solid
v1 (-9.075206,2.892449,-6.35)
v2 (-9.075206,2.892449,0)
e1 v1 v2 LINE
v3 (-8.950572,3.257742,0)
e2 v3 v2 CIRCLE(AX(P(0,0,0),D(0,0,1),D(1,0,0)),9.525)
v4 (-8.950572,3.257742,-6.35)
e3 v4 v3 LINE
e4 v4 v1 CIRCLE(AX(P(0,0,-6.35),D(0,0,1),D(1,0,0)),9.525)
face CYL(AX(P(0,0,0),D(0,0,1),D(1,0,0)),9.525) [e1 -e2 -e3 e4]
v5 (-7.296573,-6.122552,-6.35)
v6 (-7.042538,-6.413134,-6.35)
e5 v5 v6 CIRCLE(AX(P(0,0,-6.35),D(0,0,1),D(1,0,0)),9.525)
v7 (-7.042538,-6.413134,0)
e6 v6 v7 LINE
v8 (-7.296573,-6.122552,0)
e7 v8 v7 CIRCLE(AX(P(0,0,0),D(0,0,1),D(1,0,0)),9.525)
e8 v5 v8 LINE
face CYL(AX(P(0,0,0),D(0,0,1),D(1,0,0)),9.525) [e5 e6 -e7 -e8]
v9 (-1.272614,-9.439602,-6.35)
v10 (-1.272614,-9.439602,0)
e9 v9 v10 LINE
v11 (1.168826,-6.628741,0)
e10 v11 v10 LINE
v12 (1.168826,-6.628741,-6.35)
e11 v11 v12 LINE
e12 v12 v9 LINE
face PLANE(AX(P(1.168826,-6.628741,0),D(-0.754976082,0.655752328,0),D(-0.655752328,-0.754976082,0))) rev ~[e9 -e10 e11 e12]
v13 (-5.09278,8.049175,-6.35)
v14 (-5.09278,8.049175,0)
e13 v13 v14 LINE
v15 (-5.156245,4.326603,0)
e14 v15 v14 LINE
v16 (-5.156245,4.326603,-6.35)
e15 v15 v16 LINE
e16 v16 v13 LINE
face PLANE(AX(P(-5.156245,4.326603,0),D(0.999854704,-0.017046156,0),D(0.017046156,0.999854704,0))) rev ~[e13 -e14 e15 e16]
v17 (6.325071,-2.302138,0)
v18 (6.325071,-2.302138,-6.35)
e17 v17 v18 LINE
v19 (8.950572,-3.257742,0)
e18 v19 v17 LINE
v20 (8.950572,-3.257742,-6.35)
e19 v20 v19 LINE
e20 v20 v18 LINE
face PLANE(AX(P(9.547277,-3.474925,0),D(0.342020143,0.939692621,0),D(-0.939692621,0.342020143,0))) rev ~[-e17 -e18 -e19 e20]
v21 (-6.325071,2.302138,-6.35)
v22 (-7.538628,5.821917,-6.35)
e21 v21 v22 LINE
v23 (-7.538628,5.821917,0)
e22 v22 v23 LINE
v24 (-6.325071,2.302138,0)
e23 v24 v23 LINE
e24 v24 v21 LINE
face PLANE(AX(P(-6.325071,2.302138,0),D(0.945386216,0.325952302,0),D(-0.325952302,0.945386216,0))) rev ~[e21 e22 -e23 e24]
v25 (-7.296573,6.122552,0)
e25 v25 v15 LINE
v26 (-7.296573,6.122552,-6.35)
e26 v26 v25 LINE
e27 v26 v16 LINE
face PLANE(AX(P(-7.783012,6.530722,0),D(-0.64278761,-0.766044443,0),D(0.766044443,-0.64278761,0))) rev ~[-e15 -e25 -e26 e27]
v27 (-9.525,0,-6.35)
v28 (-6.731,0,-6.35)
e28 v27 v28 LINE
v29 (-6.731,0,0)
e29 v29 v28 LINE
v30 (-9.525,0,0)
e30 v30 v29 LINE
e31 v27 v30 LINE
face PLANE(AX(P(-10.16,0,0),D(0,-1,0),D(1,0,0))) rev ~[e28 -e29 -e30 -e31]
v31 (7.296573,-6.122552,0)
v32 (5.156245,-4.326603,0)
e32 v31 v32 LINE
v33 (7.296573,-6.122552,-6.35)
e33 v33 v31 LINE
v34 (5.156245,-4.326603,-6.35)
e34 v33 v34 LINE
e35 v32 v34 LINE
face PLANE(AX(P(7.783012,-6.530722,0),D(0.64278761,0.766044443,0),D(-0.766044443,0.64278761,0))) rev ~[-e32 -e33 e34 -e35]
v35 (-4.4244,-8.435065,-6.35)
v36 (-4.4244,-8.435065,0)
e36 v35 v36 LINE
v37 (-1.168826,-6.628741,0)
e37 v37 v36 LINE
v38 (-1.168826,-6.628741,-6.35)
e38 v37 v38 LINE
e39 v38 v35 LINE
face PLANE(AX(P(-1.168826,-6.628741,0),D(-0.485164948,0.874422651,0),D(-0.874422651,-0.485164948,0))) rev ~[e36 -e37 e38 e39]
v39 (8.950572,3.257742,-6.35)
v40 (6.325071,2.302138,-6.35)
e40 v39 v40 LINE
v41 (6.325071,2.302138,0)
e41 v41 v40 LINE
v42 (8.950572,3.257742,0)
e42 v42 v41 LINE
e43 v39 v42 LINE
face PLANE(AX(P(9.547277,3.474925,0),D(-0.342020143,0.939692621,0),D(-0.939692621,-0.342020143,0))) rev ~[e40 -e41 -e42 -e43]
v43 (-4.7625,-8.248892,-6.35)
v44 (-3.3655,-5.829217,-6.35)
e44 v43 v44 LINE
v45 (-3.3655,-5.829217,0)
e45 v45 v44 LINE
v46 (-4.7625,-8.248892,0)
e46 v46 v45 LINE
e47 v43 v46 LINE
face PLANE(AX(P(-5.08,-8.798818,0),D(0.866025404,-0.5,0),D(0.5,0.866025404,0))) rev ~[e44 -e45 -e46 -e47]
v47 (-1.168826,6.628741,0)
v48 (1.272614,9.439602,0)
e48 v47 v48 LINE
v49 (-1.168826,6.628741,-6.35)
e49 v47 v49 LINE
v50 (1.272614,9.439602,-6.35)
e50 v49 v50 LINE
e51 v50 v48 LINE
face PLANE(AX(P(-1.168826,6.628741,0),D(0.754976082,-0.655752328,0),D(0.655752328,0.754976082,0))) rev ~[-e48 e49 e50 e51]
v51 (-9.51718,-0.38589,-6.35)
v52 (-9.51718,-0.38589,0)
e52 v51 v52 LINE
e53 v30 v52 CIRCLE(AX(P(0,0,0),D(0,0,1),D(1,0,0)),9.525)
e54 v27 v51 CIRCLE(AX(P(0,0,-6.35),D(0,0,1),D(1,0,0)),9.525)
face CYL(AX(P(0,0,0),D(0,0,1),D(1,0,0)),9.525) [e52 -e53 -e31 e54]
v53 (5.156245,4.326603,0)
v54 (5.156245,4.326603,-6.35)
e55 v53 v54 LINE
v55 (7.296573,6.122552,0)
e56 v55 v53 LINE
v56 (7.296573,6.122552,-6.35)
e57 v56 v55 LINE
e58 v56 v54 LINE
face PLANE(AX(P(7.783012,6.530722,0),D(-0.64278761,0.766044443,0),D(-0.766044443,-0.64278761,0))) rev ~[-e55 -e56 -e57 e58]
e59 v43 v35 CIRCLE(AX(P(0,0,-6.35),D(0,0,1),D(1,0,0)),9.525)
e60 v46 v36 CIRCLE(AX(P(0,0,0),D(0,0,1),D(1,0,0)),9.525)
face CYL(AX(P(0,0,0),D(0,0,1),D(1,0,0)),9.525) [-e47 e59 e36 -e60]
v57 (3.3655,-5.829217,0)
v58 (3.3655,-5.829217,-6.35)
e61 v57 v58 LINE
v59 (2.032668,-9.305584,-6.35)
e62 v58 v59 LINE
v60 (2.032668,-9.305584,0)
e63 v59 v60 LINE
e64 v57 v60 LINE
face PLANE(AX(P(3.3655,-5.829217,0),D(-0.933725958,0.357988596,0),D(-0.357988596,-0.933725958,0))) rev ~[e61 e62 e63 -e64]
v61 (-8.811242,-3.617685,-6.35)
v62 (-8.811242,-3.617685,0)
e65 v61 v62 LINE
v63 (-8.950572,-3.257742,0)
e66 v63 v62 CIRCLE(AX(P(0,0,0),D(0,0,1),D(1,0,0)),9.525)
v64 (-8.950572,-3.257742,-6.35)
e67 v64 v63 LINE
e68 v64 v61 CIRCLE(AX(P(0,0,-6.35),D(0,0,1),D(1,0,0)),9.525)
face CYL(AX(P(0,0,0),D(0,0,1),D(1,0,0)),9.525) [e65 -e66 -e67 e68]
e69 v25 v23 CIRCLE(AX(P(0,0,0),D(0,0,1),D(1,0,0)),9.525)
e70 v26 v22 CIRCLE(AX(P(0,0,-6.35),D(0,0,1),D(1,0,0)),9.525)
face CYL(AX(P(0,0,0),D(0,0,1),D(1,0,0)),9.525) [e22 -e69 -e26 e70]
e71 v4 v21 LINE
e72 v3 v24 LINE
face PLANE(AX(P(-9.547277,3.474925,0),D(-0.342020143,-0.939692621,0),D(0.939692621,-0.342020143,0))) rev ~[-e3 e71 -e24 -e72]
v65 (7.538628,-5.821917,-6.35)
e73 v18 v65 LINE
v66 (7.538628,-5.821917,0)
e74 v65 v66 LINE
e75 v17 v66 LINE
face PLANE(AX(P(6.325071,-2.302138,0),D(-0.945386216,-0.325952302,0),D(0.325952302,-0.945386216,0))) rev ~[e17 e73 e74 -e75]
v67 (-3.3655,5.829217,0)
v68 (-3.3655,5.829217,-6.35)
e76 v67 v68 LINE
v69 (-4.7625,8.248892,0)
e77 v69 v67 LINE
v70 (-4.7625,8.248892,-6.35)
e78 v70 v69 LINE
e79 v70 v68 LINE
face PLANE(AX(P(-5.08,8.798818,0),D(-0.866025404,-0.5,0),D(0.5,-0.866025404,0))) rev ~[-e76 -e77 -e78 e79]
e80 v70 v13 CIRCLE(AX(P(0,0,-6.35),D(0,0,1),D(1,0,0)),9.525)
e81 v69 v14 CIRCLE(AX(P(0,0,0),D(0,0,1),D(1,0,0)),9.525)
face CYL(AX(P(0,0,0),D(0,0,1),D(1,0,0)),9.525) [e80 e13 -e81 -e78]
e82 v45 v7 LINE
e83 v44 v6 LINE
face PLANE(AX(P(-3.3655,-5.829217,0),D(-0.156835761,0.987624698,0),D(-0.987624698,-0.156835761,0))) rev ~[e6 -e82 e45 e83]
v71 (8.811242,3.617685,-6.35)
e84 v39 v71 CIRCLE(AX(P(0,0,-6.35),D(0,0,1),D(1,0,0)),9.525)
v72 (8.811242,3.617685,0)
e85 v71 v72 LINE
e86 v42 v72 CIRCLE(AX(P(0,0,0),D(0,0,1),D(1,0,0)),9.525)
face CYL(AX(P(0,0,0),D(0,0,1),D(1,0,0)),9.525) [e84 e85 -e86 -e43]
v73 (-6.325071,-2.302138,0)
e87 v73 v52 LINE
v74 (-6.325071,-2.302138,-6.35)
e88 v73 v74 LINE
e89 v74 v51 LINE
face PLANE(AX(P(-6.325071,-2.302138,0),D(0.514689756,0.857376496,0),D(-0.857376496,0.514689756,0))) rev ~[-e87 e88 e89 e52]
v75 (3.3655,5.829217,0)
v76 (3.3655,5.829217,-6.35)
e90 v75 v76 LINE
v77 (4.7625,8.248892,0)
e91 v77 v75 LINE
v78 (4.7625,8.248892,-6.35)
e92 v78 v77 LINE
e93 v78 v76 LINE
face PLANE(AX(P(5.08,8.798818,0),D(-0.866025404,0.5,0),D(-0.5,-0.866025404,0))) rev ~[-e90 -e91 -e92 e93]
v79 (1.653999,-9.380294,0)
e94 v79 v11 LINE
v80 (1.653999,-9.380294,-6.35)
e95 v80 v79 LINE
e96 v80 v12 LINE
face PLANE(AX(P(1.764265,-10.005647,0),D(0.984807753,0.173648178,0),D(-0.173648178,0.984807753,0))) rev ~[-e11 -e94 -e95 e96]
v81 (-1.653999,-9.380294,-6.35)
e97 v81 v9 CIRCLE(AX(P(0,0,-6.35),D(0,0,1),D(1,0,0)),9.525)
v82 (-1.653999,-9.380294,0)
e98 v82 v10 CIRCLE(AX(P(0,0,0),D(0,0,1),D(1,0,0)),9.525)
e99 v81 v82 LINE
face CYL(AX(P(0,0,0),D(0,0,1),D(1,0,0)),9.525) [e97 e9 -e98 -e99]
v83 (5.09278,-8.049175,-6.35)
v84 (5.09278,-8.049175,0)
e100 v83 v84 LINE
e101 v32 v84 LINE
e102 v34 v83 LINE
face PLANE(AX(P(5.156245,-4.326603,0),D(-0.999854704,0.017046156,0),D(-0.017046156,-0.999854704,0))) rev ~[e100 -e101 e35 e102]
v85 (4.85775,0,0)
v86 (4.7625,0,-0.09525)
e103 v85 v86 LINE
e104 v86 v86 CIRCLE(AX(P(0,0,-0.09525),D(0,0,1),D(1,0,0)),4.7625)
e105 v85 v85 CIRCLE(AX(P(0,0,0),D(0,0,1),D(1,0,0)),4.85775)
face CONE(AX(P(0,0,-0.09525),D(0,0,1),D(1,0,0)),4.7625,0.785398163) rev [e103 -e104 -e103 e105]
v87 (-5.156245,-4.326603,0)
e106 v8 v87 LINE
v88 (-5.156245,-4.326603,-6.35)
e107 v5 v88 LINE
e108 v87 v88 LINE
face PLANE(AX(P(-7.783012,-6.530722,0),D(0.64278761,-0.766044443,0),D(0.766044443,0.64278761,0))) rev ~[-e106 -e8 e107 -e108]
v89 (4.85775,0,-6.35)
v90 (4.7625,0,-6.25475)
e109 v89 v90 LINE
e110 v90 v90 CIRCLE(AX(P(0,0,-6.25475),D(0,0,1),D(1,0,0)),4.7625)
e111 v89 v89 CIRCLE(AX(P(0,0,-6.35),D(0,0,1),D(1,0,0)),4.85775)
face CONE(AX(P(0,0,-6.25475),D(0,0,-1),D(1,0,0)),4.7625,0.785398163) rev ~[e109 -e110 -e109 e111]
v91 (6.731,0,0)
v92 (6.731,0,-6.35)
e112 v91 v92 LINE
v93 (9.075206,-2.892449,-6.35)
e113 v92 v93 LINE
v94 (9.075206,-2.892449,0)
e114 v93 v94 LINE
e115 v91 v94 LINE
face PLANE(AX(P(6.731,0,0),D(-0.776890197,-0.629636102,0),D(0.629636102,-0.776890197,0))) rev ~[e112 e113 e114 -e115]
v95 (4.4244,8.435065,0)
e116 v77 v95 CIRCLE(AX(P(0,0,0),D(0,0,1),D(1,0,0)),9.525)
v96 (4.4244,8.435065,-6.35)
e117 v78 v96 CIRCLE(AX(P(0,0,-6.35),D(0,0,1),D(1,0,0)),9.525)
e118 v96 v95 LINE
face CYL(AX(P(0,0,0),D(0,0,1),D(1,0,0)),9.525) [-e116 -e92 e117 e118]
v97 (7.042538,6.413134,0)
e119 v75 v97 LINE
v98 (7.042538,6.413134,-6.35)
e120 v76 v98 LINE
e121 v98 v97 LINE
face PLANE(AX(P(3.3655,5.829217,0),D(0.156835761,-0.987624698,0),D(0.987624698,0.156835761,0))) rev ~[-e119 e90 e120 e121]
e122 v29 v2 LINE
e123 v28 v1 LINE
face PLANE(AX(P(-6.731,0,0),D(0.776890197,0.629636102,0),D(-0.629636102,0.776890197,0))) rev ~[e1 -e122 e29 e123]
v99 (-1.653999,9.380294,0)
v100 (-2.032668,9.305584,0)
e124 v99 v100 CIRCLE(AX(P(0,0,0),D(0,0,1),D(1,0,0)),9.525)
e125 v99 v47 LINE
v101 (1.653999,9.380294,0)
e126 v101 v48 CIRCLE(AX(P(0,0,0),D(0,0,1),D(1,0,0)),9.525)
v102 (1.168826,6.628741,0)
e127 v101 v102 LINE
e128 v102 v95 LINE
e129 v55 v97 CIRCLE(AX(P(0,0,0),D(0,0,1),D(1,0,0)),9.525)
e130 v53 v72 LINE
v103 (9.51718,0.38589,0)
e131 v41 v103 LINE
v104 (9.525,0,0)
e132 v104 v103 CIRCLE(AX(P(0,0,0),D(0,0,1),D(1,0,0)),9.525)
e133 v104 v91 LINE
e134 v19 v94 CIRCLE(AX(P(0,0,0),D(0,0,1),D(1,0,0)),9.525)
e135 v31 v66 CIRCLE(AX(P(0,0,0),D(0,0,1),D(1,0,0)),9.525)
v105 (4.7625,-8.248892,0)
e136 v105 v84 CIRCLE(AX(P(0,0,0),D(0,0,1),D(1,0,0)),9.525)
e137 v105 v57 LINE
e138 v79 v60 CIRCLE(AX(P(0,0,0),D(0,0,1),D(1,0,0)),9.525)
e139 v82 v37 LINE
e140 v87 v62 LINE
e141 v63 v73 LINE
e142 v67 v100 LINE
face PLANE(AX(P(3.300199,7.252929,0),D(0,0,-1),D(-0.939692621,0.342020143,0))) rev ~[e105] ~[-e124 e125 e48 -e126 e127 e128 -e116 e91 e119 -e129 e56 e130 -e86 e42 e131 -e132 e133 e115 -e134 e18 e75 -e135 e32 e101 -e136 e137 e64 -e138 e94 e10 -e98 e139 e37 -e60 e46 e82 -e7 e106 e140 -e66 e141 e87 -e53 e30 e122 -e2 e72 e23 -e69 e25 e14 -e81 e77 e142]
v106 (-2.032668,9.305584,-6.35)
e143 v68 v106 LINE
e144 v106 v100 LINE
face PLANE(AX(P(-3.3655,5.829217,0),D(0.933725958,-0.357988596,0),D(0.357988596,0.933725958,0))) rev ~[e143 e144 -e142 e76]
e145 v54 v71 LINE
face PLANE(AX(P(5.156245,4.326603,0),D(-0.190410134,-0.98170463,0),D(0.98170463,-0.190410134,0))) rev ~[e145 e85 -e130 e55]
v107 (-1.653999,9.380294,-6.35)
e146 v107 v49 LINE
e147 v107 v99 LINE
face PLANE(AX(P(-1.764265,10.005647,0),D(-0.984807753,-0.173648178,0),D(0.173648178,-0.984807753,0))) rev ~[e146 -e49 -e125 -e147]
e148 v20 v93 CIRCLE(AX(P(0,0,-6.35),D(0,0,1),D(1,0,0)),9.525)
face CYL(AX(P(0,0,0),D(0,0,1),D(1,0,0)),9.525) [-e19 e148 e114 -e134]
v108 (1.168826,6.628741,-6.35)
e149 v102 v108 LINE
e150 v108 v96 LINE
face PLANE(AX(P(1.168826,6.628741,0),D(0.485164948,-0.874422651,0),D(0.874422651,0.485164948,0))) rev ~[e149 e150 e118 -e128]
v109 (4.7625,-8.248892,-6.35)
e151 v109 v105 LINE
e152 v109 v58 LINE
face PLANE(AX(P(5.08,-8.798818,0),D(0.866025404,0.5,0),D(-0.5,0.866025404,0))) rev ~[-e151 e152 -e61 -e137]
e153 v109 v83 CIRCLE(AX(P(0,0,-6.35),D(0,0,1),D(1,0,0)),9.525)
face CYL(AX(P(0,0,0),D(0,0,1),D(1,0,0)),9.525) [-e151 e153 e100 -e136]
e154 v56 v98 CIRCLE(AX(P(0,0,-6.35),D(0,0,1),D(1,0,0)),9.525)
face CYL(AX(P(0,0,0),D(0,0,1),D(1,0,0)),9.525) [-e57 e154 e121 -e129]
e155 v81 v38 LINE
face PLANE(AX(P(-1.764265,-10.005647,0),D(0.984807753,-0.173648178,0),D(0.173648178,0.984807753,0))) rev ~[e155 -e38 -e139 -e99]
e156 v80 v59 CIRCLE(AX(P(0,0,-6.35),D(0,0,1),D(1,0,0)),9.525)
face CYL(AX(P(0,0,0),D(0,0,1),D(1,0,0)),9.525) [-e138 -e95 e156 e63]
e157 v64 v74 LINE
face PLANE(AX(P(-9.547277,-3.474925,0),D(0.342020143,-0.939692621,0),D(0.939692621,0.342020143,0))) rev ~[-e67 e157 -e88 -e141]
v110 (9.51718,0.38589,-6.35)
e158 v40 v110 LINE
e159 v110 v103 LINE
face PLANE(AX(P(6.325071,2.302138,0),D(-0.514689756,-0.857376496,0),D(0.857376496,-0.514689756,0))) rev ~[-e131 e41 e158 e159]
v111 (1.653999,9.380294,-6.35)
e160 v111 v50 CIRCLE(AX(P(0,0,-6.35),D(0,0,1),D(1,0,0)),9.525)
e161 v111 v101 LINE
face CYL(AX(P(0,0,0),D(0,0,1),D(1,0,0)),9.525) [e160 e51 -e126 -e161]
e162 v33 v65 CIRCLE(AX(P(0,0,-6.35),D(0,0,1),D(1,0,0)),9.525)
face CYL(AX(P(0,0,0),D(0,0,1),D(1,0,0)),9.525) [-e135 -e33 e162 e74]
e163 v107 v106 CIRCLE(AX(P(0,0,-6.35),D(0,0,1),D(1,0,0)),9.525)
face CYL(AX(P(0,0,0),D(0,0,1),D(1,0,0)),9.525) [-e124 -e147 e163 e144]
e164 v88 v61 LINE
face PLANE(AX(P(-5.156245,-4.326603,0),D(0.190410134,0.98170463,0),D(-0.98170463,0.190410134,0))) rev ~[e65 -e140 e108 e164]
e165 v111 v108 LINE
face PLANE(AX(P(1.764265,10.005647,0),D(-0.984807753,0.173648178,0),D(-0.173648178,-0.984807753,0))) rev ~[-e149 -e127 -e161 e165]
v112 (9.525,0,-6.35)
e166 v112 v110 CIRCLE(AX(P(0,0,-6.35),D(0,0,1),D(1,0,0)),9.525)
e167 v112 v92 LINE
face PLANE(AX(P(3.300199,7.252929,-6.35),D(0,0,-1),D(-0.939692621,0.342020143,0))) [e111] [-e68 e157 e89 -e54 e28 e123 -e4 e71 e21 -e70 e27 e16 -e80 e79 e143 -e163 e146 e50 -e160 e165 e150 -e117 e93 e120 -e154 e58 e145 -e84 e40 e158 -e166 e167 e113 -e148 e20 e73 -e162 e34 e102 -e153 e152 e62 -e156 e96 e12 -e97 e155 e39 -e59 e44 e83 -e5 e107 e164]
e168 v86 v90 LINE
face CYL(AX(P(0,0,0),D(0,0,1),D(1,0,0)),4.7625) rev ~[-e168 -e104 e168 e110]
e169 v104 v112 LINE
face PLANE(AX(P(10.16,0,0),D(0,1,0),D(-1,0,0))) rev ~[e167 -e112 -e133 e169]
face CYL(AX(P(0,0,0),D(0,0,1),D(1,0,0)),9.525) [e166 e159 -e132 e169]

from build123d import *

# Parameters (mm, degrees)
SKETCH1_R               = 6.731
SKETCH1_R_2             = 4.7625
BOSS_EXTRUDE1_DEPTH     = 6.35
BOSS_EXTRUDE2_DEPTH     = 6.35
CIRPATTERN1_COUNT       = 18
CHAMFER1_SIZE           = 0.09525
SKETCH3_R               = 314.325
SKETCH3_R_2             = 9.525
CUT_EXTRUDE_THIN1_DEPTH = 16.60964661


with BuildPart() as part:
    # Sketch1 → Boss-Extrude1 (new body)
    with BuildSketch(Plane.XY):
        Circle(SKETCH1_R)
        Circle(SKETCH1_R_2, mode=Mode.SUBTRACT)
    extrude(amount=-BOSS_EXTRUDE1_DEPTH)

    # Sketch2 → Boss-Extrude2 (add)
    with BuildSketch(Plane.XY):
        with BuildLine():
            Line((-1.168825884, 6.628740986), (1.764265485, 10.005646771))
            Line((1.764265485, 10.005646771), (1.168825884, 6.628740986))
            ThreePointArc((1.168825884, 6.628740986), (0, 6.731), (-1.168825884, 6.628740986))
        make_face()
    boss_extrude2 = extrude(amount=-BOSS_EXTRUDE2_DEPTH)

    # CirPattern1: Boss-Extrude2 ×18 about axis
    cirpattern1_axis = Axis((0, 0, 0), (0, 0, 1))
    for i in range(1, CIRPATTERN1_COUNT):
        add(boss_extrude2.rotate(cirpattern1_axis, i * 360 / CIRPATTERN1_COUNT))

    # Chamfer1
    chamfer1_edges = [part.edges().sort_by_distance(p)[0] for p in [
        (-4.7625, 0, -6.35),
        (-4.7625, 0, 0),
    ]]
    chamfer(chamfer1_edges, length=CHAMFER1_SIZE)

    # Sketch3 → Cut-Extrude-Thin1 (cut, through all)
    with BuildSketch(Plane.XY):
        Circle(SKETCH3_R)
        Circle(SKETCH3_R_2, mode=Mode.SUBTRACT)
    extrude(amount=-CUT_EXTRUDE_THIN1_DEPTH, mode=Mode.SUBTRACT)


solid = part.part
